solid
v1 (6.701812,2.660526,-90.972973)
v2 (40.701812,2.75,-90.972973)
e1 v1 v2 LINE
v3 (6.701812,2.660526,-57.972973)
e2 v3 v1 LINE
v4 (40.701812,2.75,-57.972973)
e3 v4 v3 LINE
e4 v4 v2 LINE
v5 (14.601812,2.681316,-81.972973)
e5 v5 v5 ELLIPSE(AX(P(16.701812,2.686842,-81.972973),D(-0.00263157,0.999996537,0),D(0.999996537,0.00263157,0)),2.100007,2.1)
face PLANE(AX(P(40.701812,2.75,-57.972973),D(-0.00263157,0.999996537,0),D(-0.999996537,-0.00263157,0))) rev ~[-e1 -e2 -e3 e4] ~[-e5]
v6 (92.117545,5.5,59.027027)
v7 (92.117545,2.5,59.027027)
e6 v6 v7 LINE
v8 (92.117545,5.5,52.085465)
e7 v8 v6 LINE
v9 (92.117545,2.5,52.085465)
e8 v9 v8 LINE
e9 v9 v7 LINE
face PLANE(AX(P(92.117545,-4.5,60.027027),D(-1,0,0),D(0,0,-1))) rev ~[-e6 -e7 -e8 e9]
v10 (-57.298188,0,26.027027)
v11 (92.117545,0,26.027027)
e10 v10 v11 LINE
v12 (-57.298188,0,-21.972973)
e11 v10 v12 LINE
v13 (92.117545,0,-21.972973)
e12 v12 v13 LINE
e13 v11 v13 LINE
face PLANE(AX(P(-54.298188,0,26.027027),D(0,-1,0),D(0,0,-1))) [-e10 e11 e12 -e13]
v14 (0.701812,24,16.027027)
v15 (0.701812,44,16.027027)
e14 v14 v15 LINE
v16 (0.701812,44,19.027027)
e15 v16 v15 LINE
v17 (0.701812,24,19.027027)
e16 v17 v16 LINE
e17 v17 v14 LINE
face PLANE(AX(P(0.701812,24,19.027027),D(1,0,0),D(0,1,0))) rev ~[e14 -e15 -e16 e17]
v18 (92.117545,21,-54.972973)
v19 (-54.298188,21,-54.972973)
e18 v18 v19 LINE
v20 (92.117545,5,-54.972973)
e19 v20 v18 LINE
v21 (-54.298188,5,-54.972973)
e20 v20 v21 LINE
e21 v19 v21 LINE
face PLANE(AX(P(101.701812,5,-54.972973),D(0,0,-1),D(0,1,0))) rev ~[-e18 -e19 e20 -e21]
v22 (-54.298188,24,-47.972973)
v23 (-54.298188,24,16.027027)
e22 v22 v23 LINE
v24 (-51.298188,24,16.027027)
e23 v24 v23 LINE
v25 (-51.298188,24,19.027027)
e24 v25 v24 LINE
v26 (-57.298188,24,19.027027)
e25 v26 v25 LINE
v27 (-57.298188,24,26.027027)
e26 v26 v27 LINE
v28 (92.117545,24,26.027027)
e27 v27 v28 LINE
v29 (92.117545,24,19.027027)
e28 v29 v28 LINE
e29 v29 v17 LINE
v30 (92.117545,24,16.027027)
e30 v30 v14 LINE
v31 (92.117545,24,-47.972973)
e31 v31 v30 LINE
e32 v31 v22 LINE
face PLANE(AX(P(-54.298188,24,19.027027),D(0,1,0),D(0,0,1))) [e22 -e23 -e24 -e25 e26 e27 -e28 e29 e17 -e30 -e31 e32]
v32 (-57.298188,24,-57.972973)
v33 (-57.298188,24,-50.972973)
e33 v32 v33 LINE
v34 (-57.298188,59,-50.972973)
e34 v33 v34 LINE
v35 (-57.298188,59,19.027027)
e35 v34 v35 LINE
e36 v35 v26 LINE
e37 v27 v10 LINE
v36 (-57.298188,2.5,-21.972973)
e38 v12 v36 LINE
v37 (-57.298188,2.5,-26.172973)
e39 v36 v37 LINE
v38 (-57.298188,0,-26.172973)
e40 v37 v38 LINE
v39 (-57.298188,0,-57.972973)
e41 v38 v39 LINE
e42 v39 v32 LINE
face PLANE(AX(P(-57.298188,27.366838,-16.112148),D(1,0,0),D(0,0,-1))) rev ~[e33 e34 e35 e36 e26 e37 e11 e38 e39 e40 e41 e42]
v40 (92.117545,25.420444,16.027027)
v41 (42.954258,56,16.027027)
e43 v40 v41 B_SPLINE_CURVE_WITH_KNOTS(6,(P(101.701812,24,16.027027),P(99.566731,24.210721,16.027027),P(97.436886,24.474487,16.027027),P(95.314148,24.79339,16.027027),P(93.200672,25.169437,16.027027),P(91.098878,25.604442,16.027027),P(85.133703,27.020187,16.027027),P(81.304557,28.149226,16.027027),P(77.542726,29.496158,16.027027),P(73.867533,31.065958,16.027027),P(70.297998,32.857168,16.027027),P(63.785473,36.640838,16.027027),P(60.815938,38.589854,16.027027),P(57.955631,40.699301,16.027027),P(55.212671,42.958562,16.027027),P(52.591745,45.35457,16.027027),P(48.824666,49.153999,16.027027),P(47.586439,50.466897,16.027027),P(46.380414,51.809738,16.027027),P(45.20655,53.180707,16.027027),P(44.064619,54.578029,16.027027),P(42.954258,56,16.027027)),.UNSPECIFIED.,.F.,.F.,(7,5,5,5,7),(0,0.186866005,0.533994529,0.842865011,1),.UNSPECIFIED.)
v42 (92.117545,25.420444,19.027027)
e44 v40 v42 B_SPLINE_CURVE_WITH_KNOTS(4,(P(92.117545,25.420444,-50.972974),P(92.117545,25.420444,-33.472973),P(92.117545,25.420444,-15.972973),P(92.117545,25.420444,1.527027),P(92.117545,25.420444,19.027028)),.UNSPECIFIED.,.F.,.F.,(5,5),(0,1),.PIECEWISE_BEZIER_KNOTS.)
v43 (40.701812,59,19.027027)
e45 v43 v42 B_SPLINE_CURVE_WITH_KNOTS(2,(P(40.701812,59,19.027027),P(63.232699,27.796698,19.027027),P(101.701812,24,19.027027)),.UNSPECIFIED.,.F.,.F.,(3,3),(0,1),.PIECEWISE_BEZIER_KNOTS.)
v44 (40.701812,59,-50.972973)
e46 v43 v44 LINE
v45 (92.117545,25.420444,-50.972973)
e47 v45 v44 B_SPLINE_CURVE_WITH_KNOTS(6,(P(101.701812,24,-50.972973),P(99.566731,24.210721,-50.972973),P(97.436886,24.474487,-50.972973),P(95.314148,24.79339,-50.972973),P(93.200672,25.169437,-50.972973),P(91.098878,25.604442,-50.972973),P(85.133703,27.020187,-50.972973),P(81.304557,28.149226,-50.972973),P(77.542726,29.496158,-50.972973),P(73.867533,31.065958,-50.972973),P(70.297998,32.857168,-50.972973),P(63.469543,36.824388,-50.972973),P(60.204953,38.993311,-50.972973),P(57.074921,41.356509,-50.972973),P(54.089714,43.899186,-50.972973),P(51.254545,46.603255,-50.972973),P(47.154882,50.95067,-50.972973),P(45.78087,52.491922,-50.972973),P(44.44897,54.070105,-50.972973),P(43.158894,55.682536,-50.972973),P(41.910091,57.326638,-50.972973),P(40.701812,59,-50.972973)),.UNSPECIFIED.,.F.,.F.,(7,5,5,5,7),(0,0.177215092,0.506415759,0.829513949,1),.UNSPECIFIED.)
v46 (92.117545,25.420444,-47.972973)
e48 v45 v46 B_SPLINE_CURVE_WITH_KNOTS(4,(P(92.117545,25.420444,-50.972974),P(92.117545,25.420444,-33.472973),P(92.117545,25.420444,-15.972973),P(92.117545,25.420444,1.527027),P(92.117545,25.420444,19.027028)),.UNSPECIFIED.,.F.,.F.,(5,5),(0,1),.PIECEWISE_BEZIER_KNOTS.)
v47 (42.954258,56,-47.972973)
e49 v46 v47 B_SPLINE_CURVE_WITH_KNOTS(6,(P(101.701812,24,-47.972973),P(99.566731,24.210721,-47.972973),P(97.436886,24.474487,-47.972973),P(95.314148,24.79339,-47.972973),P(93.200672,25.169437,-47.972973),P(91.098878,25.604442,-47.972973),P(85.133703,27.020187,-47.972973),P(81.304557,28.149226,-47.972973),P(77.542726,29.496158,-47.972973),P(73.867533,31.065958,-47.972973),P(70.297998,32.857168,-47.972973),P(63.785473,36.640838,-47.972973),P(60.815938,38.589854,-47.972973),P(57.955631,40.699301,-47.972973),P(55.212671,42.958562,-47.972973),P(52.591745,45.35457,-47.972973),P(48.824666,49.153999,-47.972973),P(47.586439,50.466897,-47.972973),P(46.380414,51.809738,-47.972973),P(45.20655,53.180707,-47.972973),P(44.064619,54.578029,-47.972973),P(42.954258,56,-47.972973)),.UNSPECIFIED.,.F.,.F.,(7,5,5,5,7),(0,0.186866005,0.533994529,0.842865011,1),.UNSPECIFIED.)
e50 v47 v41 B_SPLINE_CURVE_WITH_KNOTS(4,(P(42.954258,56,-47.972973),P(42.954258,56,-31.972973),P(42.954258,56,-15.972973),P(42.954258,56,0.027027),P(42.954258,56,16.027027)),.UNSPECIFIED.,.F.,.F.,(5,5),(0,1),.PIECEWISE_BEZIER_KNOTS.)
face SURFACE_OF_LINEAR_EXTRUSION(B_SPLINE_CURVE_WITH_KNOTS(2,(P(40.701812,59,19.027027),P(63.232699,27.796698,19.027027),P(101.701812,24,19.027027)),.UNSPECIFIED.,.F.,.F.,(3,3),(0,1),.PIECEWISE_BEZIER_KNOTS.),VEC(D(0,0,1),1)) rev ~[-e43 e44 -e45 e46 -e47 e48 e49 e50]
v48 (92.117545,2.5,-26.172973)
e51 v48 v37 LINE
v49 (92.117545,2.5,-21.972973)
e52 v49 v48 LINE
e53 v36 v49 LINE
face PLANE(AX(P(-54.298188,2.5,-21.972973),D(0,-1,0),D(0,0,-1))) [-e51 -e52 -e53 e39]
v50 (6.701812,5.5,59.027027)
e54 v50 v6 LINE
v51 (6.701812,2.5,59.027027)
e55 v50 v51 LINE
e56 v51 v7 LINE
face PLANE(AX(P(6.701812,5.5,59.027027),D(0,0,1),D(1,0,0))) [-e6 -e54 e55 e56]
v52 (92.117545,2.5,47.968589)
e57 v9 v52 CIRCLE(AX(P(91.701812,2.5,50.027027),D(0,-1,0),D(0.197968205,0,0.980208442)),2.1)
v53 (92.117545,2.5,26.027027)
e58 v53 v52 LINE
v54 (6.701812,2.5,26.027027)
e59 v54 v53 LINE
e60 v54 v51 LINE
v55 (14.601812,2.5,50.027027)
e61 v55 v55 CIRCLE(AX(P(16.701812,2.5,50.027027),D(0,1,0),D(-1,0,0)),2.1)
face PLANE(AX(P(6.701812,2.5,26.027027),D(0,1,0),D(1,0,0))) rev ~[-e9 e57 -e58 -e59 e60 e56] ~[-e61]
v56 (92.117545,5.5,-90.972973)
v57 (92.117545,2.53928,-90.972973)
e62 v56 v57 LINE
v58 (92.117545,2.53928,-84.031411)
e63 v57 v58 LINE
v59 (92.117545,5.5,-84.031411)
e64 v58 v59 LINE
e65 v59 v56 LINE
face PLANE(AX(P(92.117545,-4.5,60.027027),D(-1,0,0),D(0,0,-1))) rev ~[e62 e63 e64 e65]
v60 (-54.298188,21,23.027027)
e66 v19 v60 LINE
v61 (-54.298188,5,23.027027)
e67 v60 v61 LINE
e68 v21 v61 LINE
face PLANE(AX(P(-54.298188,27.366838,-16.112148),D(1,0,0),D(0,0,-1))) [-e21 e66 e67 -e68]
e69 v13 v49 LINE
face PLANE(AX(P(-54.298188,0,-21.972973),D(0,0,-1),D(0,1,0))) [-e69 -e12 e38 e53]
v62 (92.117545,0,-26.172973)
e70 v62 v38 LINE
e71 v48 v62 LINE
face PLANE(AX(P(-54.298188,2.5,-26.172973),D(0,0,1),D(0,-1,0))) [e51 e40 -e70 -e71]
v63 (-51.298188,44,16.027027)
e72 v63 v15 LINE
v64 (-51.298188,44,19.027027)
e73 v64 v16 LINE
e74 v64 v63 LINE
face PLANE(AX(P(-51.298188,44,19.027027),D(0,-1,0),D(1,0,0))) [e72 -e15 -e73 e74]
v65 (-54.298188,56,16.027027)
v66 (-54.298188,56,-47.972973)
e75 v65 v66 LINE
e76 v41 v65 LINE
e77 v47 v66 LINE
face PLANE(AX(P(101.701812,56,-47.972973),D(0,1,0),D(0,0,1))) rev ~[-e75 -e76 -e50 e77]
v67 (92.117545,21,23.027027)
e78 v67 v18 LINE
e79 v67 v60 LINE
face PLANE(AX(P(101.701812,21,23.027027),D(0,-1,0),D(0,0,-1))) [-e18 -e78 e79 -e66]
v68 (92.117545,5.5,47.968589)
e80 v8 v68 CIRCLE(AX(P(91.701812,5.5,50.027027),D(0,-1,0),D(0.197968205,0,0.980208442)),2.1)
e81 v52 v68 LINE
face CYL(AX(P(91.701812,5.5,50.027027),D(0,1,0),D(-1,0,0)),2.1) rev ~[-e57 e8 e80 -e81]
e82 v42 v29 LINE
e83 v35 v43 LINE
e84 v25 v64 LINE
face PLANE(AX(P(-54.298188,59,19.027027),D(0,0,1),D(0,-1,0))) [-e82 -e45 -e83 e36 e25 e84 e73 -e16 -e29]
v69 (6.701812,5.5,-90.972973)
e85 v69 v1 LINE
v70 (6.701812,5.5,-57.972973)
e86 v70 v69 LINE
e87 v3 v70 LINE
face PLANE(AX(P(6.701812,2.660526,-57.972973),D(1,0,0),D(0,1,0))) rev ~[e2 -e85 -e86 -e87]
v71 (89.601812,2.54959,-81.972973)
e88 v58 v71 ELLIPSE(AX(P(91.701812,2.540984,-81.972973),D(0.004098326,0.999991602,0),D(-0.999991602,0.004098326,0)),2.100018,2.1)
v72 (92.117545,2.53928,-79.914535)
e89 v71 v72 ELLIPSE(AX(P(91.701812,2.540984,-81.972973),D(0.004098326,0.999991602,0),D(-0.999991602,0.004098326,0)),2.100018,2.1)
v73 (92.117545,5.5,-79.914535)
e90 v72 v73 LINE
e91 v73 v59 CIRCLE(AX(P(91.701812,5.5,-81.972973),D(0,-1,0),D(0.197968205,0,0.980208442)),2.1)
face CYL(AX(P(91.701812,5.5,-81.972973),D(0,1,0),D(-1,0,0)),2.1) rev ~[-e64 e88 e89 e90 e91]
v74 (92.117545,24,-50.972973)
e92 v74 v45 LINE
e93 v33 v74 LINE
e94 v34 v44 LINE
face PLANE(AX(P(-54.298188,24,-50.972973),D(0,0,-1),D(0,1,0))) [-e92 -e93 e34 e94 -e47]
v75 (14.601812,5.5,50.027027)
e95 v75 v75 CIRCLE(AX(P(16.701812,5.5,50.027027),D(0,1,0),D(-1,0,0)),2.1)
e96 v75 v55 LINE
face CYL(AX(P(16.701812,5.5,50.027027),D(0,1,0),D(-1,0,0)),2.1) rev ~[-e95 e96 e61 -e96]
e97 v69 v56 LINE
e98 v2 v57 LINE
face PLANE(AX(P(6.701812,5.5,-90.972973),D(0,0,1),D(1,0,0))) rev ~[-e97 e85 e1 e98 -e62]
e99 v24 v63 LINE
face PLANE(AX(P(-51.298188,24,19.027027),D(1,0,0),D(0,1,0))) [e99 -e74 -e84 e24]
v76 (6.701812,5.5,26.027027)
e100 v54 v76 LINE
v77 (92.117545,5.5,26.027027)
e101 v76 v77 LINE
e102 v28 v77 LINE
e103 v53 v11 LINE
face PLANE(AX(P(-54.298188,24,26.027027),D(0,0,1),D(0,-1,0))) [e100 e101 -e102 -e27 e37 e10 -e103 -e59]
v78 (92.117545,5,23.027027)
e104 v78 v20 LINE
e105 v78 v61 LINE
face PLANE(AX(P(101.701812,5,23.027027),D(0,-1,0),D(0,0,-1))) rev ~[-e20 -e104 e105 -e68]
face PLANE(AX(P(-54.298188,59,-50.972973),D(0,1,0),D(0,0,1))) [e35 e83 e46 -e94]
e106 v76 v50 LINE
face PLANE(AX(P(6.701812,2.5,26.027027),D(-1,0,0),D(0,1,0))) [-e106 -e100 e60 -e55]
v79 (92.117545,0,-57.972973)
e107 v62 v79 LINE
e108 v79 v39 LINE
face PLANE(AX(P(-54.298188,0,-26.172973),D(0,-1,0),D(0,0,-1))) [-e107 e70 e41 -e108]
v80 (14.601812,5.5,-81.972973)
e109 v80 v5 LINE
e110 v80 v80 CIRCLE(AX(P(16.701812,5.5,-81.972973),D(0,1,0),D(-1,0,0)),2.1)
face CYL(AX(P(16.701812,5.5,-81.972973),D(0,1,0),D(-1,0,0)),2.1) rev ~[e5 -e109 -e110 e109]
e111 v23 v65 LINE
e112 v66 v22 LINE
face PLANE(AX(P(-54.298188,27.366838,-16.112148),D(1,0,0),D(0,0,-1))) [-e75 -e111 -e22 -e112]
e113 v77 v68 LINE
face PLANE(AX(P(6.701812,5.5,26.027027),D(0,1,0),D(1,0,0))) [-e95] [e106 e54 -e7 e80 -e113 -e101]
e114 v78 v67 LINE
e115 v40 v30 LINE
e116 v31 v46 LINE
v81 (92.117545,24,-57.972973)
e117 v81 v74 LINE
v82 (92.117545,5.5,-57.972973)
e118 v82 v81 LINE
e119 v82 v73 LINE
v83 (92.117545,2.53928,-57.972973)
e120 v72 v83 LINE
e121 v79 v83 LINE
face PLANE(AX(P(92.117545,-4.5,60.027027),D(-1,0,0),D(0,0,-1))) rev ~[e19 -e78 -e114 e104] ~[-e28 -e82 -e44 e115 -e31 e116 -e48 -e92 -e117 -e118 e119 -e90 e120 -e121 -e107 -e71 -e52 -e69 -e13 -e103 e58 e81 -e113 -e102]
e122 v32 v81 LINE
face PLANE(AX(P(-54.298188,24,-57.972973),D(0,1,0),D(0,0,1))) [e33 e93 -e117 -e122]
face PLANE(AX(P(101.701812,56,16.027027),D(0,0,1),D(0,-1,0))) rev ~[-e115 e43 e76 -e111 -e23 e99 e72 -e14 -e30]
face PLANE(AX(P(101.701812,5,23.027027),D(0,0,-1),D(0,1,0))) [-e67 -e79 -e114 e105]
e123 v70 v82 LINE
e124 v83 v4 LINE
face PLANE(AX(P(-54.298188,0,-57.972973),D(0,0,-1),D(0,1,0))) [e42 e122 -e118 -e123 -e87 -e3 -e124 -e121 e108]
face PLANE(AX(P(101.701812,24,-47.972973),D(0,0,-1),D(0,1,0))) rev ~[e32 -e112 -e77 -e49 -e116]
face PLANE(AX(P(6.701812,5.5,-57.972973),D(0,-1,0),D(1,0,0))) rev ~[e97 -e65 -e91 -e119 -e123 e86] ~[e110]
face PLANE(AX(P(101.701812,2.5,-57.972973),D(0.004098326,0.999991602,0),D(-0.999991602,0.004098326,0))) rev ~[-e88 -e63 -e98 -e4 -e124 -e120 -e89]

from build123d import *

# Parameters (mm, degrees)
ESQUISSE1_W                  = 156
ESQUISSE1_H                  = 84
BOSS_EXTRU_1_DEPTH           = 59
ESQUISSE2_W                  = 78
ESQUISSE2_H                  = 16
ESQUISSE2_W_2                = 7
ESQUISSE2_H_2                = 35
ESQUISSE2_W_3                = 4.2
ESQUISSE2_H_3                = 2.5
ENL_V_MAT_EXTRU_1_DEPTH      = 177.572550515
ENL_V_MAT_EXTRU_3_DEPTH      = 141.546285889
ESQUISSE4_W                  = 52
ESQUISSE4_H                  = 20
ENL_V_MAT_EXTRU_4_DEPTH      = 59
BOSS_EXTRU_2_DEPTH           = 34
ESQUISSE6_W                  = 95
ESQUISSE6_H                  = 3
BOSS_EXTRU_3_DEPTH           = 34
ESQUISSE8_R                  = 2.1
ENL_V_MAT_EXTRU_5_DEPTH      = 37
BOSS_EXTRU_4_DEPTH           = 3
ENL_V_MAT_EXTRU_6_DEPTH      = 30
ENL_V_MAT_EXTRU_6_DEPTH_BACK = 10
ESQUISSE10_W                 = 9.584266769
ESQUISSE10_H                 = 152
ESQUISSE11_W                 = 85.415733231
ESQUISSE11_H                 = 1
ENL_V_MAT_EXTRU_7_DEPTH      = 10


with BuildPart() as part:
    # Esquisse1 → Boss.-Extru.1 (new body)
    with BuildSketch(Plane(origin=(0, 0, 0), x_dir=(1, 0, 0), z_dir=(0, 1, 0))):
        with Locations((23.701811573, 15.972972973)):
            Rectangle(ESQUISSE1_W, ESQUISSE1_H)
    extrude(amount=BOSS_EXTRU_1_DEPTH)

    # Esquisse2 → Enlèv. mat.-Extru.1 (cut, through all)
    with BuildSketch(Plane(origin=(101.701811573, 0, 0), x_dir=(0, 0, -1), z_dir=(1, 0, 0))):
        Polygon((15.972972973, 24), (47.972972973, 24), (47.972972973, 56), (-16.027027027, 56), (-16.027027027, 24), align=None)
        with Locations((15.972972973, 13)):
            Rectangle(ESQUISSE2_W, ESQUISSE2_H)
        with Locations((-22.527027027, 41.5)):
            Rectangle(ESQUISSE2_W_2, ESQUISSE2_H_2)
        Polygon((54.972972973, 24), (57.972972973, 24), (57.972972973, 59), (50.972972973, 59), (50.972972973, 24), align=None)
        with Locations((24.072972973, 1.25)):
            Rectangle(ESQUISSE2_W_3, ESQUISSE2_H_3)
    extrude(amount=-ENL_V_MAT_EXTRU_1_DEPTH, mode=Mode.SUBTRACT)

    # Esquisse3 → Enlèv. mat.-Extru.3 (cut, through all)
    with BuildSketch(Plane.XY.offset(19.027027027)):
        with BuildLine():
            Line((101.701811573, 59), (40.701811573, 59))
            add(Edge.make_bspline(
                [(40.701811573, 59), (63.23269898, 27.796698054), (101.701811573, 24)],
                knots=[0, 0, 0, 1, 1, 1], degree=2))
            Line((101.701811573, 24), (101.701811573, 59))
        make_face()
    extrude(amount=-ENL_V_MAT_EXTRU_3_DEPTH, mode=Mode.SUBTRACT)

    # Esquisse4 → Enlèv. mat.-Extru.4 (cut)
    with BuildSketch(Plane.XY.offset(19.027027027)):
        with Locations((-25.298188427, 34)):
            Rectangle(ESQUISSE4_W, ESQUISSE4_H)
    extrude(amount=-ENL_V_MAT_EXTRU_4_DEPTH, mode=Mode.SUBTRACT)

    # Esquisse5 → Boss.-Extru.2 (add)
    with BuildSketch(Plane(origin=(0, 0, -57.972972973), x_dir=(-1, 0, 0), z_dir=(0, 0, -1))):
        Polygon((-101.701811573, 2.5), (-40.701811573, 2.75), (-40.701811573, 5.5), (-101.701811573, 5.5), align=None)
        Polygon((-40.701811573, 2.75), (-6.701811573, 2.660526316), (-6.701811573, 5.5), (-40.701811573, 5.5), align=None)
    extrude(amount=BOSS_EXTRU_2_DEPTH)

    # Esquisse6 → Boss.-Extru.3 (add)
    with BuildSketch(Plane.XY.offset(26.027027027)):
        with Locations((54.201811573, 4)):
            Rectangle(ESQUISSE6_W, ESQUISSE6_H)
    extrude(amount=BOSS_EXTRU_3_DEPTH)

    # Esquisse8 → Enlèv. mat.-Extru.5 (cut)
    with BuildSketch(Plane(origin=(0, 5.5, 0), x_dir=(1, 0, 0), z_dir=(0, 1, 0))):
        with Locations(Location((16.701811573, -50.027027027, 0), (0, 0, 180))):
            Circle(ESQUISSE8_R)
        with Locations(Location((91.701811573, -50.027027027, 0), (0, 0, 180))):
            Circle(ESQUISSE8_R)
        with Locations(Location((16.701811573, 81.972972973, 0), (0, 0, 180))):
            Circle(ESQUISSE8_R)
        with Locations(Location((91.701811573, 81.972972973, 0), (0, 0, 180))):
            Circle(ESQUISSE8_R)
    extrude(amount=-ENL_V_MAT_EXTRU_5_DEPTH, mode=Mode.SUBTRACT)

    # Esquisse9 → Boss.-Extru.4 (add)
    with BuildSketch(Plane.ZY.offset(54.298188427)):
        Polygon((-57.972972973, 0), (-57.972972973, 24), (-50.972972973, 24), (-50.972972973, 59), (19.027027027, 59), (19.027027027, 24), (26.027027027, 24), (26.027027027, 0), (-21.972972973, 0), (-21.972972973, 2.5), (-26.172972973, 2.5), (-26.172972973, 0), align=None)
    extrude(amount=BOSS_EXTRU_4_DEPTH)

    # Esquisse10 → Enlèv. mat.-Extru.6 (cut, two sides: drawn at the far end of the back side and taken through both)
    with BuildSketch(Plane(origin=(0, 5.5, 0), x_dir=(1, 0, 0), z_dir=(0, 1, 0)).offset(-ENL_V_MAT_EXTRU_6_DEPTH_BACK)):
        with Locations((96.909678189, 15.972972973)):
            Rectangle(ESQUISSE10_W, ESQUISSE10_H)
    extrude(amount=ENL_V_MAT_EXTRU_6_DEPTH + ENL_V_MAT_EXTRU_6_DEPTH_BACK, mode=Mode.SUBTRACT)

    # Esquisse11 → Enlèv. mat.-Extru.7 (cut)
    with BuildSketch(Plane(origin=(0, 5.5, 0), x_dir=(1, 0, 0), z_dir=(0, 1, 0))):
        with Locations((49.409678189, 91.472972973)):
            Rectangle(ESQUISSE11_W, ESQUISSE11_H)
        with Locations((49.409678189, -59.527027027)):
            Rectangle(ESQUISSE11_W, ESQUISSE11_H)
    extrude(amount=-ENL_V_MAT_EXTRU_7_DEPTH, mode=Mode.SUBTRACT)


solid = part.part
